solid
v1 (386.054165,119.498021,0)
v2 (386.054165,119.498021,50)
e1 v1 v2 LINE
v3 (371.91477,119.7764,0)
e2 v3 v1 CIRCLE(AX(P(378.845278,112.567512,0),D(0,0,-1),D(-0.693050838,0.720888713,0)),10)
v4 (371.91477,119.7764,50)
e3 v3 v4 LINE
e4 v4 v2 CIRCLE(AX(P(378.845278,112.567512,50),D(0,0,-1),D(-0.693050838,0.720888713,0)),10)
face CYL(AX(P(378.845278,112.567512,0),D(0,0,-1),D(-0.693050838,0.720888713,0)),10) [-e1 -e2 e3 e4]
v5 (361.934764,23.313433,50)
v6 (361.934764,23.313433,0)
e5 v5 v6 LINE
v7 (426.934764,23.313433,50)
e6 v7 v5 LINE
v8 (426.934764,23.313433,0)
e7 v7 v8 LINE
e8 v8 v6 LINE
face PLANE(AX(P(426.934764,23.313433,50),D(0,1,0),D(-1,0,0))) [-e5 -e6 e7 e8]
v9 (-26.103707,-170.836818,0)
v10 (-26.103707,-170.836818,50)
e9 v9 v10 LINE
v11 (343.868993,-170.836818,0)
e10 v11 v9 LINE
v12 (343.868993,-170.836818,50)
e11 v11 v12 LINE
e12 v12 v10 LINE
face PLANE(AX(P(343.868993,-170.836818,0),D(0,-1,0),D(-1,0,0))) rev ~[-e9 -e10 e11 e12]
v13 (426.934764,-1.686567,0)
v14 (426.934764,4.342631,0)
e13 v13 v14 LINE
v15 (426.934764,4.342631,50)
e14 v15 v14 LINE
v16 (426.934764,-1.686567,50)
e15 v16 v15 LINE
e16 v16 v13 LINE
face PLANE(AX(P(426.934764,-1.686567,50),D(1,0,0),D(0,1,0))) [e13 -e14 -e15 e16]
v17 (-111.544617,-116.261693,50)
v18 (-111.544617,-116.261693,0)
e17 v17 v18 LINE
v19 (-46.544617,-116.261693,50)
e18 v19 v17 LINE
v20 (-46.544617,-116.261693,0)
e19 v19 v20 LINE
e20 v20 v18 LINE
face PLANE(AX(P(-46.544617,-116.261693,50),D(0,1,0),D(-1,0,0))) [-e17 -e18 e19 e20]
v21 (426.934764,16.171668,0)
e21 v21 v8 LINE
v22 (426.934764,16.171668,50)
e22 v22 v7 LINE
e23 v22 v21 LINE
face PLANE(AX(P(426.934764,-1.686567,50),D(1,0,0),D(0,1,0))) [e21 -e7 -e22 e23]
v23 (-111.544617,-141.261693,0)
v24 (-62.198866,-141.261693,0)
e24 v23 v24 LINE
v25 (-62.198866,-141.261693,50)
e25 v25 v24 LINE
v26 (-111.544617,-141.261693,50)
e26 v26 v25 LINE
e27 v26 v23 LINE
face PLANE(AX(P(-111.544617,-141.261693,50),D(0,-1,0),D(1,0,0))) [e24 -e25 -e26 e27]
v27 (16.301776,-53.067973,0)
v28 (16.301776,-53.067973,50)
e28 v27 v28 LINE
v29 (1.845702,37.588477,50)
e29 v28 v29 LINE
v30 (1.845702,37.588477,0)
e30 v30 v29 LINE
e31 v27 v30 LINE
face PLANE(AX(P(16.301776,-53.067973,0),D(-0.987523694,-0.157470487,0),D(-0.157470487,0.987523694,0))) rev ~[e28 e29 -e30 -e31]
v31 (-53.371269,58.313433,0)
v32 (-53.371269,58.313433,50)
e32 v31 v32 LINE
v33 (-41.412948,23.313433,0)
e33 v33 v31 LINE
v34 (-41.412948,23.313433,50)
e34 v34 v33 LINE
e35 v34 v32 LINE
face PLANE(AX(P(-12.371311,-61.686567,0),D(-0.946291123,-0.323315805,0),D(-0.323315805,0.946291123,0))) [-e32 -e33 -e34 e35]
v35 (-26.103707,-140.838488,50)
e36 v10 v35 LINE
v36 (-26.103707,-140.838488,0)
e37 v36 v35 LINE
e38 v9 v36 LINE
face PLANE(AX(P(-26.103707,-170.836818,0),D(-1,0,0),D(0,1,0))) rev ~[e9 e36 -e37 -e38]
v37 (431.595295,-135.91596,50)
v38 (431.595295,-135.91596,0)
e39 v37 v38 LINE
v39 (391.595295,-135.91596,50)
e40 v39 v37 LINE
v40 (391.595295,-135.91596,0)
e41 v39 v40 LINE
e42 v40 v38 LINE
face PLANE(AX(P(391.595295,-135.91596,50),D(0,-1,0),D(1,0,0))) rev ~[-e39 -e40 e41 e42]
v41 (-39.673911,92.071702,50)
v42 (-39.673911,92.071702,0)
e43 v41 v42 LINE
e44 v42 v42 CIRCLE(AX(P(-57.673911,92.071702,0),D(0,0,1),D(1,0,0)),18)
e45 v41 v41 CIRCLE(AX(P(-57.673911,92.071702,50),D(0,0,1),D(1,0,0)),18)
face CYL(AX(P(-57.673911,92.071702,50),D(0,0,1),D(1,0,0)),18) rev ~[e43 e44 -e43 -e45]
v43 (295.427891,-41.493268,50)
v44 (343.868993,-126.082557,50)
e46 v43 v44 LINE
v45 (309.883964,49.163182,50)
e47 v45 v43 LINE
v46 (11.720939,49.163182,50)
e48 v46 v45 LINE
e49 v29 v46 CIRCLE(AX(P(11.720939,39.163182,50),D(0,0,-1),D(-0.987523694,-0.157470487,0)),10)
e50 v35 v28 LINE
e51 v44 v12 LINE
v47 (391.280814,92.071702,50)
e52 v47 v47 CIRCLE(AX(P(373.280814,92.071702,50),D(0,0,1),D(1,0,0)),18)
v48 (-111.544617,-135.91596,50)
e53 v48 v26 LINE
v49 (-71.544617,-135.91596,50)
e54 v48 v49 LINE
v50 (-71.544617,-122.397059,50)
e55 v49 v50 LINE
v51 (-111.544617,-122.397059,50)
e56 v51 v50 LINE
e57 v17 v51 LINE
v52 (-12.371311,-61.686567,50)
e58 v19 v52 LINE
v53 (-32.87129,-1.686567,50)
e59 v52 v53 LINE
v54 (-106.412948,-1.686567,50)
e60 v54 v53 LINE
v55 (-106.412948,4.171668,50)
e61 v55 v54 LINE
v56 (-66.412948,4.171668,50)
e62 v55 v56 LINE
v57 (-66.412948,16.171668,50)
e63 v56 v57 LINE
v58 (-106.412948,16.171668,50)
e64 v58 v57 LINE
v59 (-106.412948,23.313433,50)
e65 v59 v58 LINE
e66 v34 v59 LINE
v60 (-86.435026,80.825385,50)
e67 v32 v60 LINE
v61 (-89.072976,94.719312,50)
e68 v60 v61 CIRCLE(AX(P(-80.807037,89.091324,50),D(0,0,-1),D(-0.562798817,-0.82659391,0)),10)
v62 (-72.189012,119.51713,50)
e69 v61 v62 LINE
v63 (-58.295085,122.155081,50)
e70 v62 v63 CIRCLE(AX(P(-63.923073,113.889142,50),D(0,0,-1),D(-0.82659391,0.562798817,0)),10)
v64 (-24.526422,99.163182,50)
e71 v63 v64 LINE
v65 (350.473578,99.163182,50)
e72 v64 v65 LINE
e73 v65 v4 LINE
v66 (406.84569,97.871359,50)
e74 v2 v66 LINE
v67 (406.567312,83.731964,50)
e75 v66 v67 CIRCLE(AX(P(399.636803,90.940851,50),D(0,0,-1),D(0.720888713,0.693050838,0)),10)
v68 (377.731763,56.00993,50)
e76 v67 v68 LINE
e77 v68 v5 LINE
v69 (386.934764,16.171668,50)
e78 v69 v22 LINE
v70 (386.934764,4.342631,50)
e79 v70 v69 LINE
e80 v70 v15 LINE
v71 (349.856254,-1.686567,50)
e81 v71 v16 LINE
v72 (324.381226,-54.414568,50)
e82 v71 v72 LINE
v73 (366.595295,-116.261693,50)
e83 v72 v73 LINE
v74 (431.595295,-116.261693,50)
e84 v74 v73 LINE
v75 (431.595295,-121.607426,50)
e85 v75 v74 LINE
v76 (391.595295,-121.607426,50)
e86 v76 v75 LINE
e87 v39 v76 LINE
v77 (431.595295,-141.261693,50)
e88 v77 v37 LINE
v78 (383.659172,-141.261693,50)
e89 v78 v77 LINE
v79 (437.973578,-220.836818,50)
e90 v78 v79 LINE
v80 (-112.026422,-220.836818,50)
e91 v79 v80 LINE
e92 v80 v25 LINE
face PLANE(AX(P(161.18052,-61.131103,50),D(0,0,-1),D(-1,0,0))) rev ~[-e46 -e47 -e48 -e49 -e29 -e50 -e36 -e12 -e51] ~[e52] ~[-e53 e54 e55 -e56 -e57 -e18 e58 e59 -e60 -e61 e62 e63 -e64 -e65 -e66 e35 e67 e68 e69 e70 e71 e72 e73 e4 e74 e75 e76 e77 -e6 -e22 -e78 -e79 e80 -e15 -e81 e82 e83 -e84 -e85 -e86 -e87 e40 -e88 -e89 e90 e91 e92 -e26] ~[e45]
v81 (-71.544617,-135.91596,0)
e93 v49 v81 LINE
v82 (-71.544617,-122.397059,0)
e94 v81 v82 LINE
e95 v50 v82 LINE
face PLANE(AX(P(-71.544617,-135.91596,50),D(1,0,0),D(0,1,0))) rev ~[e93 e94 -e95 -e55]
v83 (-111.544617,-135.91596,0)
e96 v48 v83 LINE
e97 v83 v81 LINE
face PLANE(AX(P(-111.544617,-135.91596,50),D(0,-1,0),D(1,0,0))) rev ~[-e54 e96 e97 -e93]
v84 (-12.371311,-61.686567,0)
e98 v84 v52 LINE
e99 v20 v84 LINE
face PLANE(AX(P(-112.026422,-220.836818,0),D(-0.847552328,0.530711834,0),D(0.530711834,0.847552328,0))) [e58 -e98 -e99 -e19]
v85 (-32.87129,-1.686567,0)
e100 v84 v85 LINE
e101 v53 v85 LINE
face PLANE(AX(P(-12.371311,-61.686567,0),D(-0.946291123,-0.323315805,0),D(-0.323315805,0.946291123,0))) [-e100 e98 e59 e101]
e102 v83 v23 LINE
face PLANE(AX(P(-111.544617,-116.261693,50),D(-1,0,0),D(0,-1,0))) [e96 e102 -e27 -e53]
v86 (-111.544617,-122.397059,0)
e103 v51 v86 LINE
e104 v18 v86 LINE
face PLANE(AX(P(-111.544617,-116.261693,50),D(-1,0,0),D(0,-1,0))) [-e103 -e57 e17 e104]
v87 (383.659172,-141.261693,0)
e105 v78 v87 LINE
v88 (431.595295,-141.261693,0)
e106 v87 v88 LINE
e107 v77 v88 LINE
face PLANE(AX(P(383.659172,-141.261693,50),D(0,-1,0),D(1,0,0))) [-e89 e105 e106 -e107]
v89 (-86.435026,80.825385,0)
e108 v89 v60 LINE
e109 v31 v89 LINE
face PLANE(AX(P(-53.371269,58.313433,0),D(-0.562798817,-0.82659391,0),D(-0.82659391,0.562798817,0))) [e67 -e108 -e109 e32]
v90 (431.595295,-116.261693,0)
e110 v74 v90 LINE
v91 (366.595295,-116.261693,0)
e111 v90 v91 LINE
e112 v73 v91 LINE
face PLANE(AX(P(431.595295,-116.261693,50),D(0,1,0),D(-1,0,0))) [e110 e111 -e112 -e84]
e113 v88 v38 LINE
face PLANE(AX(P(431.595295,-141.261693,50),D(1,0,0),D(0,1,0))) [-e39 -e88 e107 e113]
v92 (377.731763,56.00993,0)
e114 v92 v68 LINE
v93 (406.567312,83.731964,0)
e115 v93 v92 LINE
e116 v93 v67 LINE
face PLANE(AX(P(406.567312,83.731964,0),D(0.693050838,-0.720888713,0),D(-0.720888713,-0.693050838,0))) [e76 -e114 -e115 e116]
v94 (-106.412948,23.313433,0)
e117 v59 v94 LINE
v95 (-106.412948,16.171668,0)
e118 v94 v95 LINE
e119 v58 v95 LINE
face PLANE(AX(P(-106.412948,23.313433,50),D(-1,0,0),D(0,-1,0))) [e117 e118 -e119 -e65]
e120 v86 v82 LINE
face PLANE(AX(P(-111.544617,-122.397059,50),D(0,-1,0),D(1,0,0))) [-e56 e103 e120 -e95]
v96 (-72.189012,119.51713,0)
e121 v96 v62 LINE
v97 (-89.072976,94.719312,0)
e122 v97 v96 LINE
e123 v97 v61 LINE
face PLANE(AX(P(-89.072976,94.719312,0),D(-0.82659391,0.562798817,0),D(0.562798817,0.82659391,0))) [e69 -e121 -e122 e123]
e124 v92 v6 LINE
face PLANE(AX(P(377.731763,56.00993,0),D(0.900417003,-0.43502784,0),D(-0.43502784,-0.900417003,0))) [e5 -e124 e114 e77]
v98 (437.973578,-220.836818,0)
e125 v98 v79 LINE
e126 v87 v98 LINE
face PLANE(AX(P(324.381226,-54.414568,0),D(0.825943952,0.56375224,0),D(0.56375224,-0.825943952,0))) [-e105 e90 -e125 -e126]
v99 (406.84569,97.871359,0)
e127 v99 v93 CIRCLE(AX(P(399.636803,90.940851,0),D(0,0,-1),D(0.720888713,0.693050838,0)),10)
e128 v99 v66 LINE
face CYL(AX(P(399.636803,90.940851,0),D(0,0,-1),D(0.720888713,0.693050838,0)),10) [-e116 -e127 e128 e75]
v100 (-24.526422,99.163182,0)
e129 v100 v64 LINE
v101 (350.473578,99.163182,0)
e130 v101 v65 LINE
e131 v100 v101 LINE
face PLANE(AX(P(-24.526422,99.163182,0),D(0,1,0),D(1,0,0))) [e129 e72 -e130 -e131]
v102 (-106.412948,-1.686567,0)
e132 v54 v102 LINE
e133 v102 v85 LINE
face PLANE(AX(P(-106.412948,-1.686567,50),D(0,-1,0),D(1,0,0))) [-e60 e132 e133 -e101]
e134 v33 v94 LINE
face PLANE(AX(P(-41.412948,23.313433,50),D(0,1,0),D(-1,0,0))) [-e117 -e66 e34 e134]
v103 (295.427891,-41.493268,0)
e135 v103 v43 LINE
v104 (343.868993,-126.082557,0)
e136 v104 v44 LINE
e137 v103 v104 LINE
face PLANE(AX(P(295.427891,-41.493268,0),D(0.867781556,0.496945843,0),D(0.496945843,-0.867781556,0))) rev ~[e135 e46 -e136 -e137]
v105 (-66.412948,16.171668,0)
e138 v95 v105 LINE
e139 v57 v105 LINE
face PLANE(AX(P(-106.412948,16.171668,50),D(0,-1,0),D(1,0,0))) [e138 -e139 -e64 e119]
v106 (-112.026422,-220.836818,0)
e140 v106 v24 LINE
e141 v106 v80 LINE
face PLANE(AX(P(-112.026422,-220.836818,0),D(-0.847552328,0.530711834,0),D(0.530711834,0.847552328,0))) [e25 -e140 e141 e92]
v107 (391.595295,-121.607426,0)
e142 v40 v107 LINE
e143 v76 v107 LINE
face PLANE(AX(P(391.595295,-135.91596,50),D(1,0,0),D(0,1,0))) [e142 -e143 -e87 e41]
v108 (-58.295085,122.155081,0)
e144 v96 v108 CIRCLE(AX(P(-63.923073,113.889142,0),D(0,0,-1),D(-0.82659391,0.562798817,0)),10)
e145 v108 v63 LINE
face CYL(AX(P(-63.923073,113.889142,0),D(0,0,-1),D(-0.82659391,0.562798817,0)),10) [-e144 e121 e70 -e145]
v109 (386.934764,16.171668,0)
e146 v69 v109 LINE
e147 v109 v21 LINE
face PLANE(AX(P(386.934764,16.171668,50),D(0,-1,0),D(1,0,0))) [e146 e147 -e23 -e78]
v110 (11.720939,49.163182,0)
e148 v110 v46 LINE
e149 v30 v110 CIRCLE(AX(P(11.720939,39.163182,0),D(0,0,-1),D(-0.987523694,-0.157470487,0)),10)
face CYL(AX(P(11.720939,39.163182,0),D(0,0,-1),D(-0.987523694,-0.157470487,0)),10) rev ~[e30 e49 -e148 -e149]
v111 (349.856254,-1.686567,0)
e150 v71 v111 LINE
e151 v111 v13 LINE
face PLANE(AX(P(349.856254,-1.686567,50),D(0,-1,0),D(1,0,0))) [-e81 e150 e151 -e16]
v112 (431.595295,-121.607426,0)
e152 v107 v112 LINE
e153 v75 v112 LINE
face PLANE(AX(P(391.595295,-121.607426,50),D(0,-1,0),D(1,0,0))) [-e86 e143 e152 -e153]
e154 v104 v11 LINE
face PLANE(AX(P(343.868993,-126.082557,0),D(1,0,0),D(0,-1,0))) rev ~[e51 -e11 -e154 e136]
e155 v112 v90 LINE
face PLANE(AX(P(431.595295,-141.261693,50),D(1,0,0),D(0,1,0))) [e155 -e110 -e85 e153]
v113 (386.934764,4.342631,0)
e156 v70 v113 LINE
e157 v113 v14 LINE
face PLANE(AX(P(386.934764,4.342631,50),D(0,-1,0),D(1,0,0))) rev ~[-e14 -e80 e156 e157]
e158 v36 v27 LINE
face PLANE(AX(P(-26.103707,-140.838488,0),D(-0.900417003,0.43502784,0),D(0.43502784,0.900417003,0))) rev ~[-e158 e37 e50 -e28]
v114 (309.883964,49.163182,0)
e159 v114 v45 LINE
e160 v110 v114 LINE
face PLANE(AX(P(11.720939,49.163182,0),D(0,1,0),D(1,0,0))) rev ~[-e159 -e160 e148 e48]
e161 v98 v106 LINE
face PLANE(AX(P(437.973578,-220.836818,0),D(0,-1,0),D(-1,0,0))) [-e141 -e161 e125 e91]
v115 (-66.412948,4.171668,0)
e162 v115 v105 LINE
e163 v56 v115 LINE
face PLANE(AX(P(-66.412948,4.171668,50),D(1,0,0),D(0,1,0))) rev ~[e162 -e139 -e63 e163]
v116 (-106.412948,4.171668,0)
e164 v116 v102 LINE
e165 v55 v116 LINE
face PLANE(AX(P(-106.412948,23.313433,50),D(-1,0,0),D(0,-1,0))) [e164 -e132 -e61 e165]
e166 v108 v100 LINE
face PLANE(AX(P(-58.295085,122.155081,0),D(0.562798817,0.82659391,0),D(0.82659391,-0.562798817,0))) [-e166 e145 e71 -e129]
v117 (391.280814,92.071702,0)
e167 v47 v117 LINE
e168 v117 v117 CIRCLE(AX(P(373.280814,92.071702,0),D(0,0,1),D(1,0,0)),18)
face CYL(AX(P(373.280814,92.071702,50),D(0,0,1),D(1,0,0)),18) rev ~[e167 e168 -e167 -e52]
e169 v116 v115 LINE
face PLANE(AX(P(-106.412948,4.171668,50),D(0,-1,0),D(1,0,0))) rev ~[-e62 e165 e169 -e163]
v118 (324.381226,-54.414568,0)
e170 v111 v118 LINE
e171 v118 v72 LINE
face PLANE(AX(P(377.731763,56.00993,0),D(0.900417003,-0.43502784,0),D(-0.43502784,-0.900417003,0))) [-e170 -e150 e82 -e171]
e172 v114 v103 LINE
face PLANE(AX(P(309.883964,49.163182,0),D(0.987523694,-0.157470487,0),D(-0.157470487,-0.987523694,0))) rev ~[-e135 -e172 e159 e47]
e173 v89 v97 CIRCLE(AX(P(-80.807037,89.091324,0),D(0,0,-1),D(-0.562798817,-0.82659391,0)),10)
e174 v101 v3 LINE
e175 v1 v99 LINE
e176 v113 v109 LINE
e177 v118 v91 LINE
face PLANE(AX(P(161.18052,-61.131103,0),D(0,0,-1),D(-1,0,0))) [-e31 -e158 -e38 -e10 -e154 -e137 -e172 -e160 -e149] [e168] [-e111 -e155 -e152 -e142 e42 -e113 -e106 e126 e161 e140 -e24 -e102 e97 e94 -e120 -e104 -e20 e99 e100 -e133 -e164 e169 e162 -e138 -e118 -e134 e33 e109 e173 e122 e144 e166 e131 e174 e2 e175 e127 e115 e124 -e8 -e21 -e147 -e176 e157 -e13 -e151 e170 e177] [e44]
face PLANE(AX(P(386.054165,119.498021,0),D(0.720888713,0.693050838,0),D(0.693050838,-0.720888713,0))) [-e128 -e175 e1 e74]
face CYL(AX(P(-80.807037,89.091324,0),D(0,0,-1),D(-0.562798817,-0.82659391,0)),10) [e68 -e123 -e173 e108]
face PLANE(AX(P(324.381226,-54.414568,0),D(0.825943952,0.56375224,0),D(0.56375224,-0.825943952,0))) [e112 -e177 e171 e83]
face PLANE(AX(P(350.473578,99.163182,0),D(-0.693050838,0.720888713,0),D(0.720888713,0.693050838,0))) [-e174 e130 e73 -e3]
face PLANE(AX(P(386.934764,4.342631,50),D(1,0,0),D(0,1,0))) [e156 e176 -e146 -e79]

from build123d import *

# Parameters (mm, degrees)
BOSS_EXTRUDE1_DEPTH = 50
SKETCH2_R           = 18
CUT_EXTRUDE1_DEPTH  = 50
BOSS_EXTRUDE2_DEPTH = 50
SKETCH4_W           = 40
SKETCH4_H           = 12
SKETCH4_H_2         = 13.518900255
SKETCH4_H_3         = 14.308533634
SKETCH4_H_4         = 11.829037722
CUT_EXTRUDE2_DEPTH  = 50


with BuildPart() as part:
    # Sketch1 → Boss-Extrude1 (new body)
    with BuildSketch(Plane.XY):
        with BuildLine():
            Line((-24.526421899, 99.163181947), (350.473578101, 99.163181947))
            Line((350.473578101, 99.163181947), (371.914769804, 119.776399502))
            ThreePointArc((371.914769804, 119.776399502), (379.042121684, 122.565574817), (386.05416531, 119.49802075))
            Line((386.05416531, 119.49802075), (406.845690441, 97.871359363))
            ThreePointArc((406.845690441, 97.871359363), (409.634865756, 90.744007483), (406.567311689, 83.731963857))
            Line((406.567311689, 83.731963857), (377.731763174, 56.009930349))
            Line((377.731763174, 56.009930349), (324.38122579, -54.414567916))
            Line((324.38122579, -54.414567916), (437.973578101, -220.836818053))
            Line((437.973578101, -220.836818053), (-112.026421899, -220.836818053))
            Line((-112.026421899, -220.836818053), (-12.371310843, -61.686567499))
            Line((-12.371310843, -61.686567499), (-53.371269125, 58.313432501))
            Line((-53.371269125, 58.313432501), (-86.435025525, 80.825385165))
            ThreePointArc((-86.435025525, 80.825385165), (-90.631527546, 87.226011271), (-89.072976459, 94.719312431))
            Line((-89.072976459, 94.719312431), (-72.189011961, 119.517129731))
            ThreePointArc((-72.189011961, 119.517129731), (-65.788385855, 123.713631752), (-58.295084695, 122.155080665))
            Line((-58.295084695, 122.155080665), (-24.526421899, 99.163181947))
        make_face()
        with BuildLine():
            Line((11.720938897, 49.163181947), (309.883964405, 49.163181947))
            Line((309.883964405, 49.163181947), (295.427890661, -41.493267931))
            Line((295.427890661, -41.493267931), (343.868993372, -126.082556787))
            Line((343.868993372, -126.082556787), (343.868993372, -170.836818053))
            Line((343.868993372, -170.836818053), (-26.103706827, -170.836818053))
            Line((-26.103706827, -170.836818053), (-26.103706827, -140.838487627))
            Line((-26.103706827, -140.838487627), (16.301775704, -53.067972804))
            Line((16.301775704, -53.067972804), (1.84570196, 37.588477074))
            ThreePointArc((1.84570196, 37.588477074), (4.113473855, 45.653673117), (11.720938897, 49.163181947))
        make_face(mode=Mode.SUBTRACT)
    extrude(amount=BOSS_EXTRUDE1_DEPTH)

    # Sketch2 → Cut-Extrude1 (cut)
    with BuildSketch(Plane.XY.offset(50)):
        with Locations((-57.673911362, 92.071701739)):
            Circle(SKETCH2_R)
        with Locations((373.28081392, 92.071701739)):
            Circle(SKETCH2_R)
    extrude(amount=-CUT_EXTRUDE1_DEPTH, mode=Mode.SUBTRACT)

    # Sketch3 → Boss-Extrude2 (add)
    with BuildSketch(Plane.XY.offset(50)):
        Polygon((-32.871289984, -1.686567499), (-41.412947959, 23.313432501), (-106.412947959, 23.313432501), (-106.412947959, -1.686567499), align=None)
        Polygon((-62.198866371, -141.261692776), (-46.54461658, -116.261692776), (-111.54461658, -116.261692776), (-111.54461658, -141.261692776), align=None)
        Polygon((426.934763793, 23.313432501), (361.934763793, 23.313432501), (349.856253539, -1.686567499), (426.934763793, -1.686567499), align=None)
        Polygon((431.595295067, -116.261692776), (366.595295067, -116.261692776), (383.659172075, -141.261692776), (431.595295067, -141.261692776), align=None)
    extrude(amount=-BOSS_EXTRUDE2_DEPTH)

    # Sketch4 → Cut-Extrude2 (cut)
    with BuildSketch(Plane.XY.offset(50)):
        with Locations((-86.412947959, 10.171668266)):
            Rectangle(SKETCH4_W, SKETCH4_H)
        with Locations((-91.54461658, -129.156509465)):
            Rectangle(SKETCH4_W, SKETCH4_H_2)
        with Locations((411.595295067, -128.761692776)):
            Rectangle(SKETCH4_W, SKETCH4_H_3)
        with Locations((406.934763793, 10.257149405)):
            Rectangle(SKETCH4_W, SKETCH4_H_4)
    extrude(amount=-CUT_EXTRUDE2_DEPTH, mode=Mode.SUBTRACT)


solid = part.part
